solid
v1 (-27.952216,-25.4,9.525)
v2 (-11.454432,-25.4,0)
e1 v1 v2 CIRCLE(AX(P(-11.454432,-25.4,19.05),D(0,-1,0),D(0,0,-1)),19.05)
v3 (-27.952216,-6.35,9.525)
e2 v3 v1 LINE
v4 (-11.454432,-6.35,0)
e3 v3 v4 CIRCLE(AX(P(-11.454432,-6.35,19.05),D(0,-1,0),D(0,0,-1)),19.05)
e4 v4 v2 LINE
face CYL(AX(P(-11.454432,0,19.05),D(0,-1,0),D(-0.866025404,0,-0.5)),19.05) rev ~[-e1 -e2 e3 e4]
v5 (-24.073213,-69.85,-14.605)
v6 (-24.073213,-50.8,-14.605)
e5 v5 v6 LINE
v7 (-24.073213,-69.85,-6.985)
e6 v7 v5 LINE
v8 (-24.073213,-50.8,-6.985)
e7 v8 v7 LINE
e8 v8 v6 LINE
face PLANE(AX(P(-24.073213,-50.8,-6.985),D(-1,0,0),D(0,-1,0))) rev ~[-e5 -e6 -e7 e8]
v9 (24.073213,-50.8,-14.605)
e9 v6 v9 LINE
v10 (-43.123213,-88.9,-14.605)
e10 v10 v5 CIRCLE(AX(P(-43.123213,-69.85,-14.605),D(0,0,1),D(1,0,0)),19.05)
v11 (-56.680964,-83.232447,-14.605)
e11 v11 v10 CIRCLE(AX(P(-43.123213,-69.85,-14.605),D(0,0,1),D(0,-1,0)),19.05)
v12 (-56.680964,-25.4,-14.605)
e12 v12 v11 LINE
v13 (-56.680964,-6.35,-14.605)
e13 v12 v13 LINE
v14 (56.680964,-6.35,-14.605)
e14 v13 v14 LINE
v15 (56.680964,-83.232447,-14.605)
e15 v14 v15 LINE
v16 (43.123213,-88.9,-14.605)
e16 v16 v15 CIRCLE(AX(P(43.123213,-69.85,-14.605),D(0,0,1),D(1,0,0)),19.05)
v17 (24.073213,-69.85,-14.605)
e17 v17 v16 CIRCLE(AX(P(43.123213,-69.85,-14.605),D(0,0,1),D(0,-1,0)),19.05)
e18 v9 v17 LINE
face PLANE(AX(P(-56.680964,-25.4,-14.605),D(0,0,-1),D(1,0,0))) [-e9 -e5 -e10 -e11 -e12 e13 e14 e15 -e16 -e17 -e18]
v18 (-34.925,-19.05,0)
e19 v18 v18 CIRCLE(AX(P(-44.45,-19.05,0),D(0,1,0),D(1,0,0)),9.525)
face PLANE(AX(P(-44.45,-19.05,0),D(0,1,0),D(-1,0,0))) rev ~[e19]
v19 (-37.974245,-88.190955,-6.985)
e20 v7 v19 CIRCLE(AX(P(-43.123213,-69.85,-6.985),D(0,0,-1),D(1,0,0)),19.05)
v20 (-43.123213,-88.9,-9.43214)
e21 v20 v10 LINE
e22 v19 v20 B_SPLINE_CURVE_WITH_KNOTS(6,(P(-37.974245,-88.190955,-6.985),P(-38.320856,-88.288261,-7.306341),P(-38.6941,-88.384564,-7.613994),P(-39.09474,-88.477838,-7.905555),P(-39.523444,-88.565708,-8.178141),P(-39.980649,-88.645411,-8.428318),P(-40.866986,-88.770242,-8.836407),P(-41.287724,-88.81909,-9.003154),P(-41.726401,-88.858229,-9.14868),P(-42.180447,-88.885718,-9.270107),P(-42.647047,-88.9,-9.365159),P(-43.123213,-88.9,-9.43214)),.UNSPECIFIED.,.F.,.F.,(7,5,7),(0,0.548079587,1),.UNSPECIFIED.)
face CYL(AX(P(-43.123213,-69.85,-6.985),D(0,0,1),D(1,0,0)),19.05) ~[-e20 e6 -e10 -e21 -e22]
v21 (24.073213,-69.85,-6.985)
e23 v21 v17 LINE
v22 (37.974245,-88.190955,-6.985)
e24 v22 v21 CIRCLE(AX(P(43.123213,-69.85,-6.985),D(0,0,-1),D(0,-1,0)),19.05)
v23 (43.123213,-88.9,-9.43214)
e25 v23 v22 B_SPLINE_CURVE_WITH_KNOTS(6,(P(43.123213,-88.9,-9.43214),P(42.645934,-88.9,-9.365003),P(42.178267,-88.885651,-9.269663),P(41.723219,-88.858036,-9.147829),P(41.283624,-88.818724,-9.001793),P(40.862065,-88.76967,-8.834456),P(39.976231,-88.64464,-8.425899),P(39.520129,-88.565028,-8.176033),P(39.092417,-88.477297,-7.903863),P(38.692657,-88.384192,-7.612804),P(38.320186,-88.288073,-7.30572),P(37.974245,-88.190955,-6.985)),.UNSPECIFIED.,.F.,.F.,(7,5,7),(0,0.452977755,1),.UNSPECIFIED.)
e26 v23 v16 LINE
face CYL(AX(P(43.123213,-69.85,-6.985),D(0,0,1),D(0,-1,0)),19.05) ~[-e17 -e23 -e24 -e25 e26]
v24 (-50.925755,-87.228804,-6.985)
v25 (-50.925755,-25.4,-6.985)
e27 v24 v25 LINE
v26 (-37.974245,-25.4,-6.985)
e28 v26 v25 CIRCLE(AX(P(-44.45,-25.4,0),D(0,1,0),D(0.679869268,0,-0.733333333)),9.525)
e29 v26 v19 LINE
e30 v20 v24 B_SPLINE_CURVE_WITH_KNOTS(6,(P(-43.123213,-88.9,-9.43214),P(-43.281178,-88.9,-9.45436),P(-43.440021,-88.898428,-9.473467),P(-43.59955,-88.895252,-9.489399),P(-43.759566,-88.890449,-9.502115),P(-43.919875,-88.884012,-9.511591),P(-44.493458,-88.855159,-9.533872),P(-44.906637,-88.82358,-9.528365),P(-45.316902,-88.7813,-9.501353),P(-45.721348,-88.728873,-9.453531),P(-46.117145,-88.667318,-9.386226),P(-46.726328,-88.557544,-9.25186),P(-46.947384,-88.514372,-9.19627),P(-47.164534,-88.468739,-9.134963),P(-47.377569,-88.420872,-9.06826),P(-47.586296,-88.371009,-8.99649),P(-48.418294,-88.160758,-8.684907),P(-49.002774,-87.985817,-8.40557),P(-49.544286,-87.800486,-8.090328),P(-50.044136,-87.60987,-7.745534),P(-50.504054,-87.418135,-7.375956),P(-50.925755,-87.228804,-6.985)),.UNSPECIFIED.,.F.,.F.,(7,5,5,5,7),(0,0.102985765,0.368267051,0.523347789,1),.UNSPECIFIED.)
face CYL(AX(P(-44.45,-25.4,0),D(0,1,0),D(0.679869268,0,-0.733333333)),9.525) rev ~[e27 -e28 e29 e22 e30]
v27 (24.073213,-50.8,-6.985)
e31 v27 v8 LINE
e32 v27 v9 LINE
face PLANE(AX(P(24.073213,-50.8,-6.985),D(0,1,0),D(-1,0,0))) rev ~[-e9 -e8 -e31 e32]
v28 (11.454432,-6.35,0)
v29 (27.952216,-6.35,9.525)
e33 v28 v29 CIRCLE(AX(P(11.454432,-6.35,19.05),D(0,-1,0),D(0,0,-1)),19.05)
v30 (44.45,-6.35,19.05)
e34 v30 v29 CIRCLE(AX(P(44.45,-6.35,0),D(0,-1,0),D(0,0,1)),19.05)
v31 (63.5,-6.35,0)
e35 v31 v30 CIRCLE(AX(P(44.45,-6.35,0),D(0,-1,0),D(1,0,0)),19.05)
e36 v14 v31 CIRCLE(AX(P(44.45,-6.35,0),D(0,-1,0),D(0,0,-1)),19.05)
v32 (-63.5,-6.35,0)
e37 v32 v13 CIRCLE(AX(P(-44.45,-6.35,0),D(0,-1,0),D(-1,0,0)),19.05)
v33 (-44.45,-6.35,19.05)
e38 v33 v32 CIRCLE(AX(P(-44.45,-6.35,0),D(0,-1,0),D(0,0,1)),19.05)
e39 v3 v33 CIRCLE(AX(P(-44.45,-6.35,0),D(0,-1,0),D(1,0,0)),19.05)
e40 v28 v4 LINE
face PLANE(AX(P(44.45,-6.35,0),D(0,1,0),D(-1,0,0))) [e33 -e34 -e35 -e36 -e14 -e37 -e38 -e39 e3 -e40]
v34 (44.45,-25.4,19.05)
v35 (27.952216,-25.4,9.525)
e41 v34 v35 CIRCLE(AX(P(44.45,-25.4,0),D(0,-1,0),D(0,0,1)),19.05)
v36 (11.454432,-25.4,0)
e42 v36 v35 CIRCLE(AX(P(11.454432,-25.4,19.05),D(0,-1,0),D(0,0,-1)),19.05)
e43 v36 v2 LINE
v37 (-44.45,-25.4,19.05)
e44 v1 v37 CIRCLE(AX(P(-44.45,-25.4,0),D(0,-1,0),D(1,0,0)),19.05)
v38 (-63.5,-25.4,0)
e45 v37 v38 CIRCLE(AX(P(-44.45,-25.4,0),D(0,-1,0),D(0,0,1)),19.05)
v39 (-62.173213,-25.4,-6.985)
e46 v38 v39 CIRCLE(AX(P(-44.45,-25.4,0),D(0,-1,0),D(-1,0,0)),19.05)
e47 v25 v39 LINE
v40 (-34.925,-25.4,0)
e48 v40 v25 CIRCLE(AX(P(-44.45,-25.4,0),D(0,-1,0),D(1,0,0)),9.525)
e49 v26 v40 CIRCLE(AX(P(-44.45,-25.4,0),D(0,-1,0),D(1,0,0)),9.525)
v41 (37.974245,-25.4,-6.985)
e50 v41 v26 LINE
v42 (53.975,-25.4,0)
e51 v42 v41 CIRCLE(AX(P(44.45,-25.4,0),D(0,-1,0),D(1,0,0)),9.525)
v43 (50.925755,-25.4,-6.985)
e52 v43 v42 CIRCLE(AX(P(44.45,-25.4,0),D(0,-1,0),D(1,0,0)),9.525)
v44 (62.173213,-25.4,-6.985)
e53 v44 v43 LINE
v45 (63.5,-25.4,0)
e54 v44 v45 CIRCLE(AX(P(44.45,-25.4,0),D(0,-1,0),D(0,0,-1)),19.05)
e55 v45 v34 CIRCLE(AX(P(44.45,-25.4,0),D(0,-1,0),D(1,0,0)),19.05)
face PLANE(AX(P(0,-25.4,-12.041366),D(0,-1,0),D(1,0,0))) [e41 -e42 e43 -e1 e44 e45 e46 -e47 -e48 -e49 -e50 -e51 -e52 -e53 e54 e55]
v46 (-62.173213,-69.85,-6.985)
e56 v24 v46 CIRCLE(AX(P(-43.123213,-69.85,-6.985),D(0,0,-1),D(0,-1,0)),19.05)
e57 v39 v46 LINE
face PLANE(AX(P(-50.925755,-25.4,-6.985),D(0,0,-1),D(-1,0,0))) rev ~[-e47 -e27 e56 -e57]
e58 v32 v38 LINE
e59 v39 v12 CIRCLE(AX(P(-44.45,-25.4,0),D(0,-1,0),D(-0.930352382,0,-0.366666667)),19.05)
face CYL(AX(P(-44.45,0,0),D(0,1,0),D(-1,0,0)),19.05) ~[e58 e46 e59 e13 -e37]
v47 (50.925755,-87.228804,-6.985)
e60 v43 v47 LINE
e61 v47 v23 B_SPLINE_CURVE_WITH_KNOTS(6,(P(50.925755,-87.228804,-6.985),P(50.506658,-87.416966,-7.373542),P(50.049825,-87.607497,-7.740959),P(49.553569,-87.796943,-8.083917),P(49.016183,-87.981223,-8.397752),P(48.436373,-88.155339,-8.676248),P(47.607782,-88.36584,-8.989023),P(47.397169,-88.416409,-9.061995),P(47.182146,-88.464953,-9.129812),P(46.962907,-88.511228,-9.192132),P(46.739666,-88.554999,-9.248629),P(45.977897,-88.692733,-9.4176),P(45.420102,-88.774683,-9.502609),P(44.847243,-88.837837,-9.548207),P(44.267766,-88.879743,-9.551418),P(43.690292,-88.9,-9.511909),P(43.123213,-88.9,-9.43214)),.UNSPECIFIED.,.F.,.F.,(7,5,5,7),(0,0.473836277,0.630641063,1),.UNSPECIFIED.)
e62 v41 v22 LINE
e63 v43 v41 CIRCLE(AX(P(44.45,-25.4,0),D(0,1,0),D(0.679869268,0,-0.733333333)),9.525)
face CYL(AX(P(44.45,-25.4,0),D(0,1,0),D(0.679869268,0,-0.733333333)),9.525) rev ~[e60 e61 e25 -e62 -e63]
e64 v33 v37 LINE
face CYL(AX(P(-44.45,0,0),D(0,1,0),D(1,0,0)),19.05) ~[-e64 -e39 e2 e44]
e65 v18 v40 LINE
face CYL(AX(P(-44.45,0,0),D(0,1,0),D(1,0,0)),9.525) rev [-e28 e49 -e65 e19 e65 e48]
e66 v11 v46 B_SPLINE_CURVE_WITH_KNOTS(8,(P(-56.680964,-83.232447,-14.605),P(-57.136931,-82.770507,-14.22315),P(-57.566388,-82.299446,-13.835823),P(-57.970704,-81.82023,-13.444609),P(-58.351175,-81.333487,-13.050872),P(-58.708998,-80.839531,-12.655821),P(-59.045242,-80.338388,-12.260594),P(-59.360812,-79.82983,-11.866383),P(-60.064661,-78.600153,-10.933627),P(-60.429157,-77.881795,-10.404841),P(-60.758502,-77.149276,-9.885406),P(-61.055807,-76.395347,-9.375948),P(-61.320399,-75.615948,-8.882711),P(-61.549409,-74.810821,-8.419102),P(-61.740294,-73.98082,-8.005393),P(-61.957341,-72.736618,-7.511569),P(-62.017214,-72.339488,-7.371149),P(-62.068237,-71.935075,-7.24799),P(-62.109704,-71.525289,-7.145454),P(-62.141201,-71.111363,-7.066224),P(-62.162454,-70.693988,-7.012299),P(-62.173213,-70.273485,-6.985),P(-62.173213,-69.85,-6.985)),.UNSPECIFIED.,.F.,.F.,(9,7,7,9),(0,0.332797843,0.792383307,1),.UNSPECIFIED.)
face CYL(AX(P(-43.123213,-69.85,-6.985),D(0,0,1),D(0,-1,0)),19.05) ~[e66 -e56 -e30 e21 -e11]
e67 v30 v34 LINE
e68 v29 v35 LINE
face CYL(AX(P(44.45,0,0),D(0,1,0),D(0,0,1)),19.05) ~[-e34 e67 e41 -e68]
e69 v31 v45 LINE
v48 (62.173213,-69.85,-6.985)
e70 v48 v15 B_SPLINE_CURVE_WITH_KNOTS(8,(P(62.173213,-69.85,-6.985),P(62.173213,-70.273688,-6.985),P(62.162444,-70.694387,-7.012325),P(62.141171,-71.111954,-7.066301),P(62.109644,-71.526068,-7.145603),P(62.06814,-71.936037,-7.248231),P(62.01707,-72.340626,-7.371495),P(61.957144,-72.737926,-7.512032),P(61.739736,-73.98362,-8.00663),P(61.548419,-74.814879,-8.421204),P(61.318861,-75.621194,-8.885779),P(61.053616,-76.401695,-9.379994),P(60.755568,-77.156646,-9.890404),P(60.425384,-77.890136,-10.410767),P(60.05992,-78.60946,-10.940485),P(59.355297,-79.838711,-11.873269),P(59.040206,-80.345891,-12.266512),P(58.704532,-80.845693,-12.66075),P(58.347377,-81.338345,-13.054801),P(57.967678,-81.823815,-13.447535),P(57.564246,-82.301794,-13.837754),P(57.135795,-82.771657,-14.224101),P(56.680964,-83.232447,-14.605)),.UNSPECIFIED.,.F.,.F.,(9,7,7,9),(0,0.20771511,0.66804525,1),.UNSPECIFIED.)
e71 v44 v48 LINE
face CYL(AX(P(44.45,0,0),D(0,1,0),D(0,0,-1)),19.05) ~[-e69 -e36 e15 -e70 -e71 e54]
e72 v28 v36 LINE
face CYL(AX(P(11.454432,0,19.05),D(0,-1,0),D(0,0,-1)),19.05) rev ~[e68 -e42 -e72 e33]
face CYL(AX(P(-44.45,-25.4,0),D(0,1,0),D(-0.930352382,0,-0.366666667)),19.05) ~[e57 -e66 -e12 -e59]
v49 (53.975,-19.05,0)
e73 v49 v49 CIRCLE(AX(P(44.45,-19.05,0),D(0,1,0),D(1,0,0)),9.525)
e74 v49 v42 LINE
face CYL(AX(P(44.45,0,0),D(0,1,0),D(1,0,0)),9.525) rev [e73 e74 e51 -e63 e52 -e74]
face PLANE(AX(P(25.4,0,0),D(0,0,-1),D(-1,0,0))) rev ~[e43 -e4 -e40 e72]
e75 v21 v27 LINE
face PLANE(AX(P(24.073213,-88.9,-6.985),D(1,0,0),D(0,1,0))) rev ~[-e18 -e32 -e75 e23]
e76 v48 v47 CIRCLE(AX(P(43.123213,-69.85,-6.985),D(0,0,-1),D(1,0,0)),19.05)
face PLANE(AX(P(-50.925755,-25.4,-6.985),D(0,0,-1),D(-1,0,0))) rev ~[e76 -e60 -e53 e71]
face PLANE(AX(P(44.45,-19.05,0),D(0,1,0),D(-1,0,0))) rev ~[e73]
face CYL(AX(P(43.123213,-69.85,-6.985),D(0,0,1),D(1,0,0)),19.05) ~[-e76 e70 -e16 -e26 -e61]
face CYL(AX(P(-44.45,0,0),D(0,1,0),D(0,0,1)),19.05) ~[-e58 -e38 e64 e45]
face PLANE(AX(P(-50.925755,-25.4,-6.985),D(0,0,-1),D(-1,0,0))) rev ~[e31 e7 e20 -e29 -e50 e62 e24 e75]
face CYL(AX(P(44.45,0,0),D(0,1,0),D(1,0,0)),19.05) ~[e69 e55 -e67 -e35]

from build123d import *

# Parameters (mm, degrees)
F0_R      = 9.525
F1_DEPTH  = 25.4
F3_DEPTH  = 63.5
F4_DEPTH  = 46.228
F5_R      = 19.05
F6_R      = 9.525
F7_DEPTH  = 19.05
F8_DEPTH  = 6.35
F10_DEPTH = 25.4
F11_W     = 17.3040702939
F11_H     = 4.6345468581
F12_DEPTH = 12.7
F13_W     = 23.2714904292
F13_H     = 5.4139880085
F14_DEPTH = 12.7
F16_DEPTH = 25.4
F17_DEPTH = 25.4


with BuildPart() as f1:
    # F0 (on Front) → F1 (new body)
    with BuildSketch(Plane.XZ):
        with BuildLine():
            Line((-44.45, -19.05), (44.45, -19.05))
            ThreePointArc((44.45, -19.05), (30.9796158184, -13.4703841816), (25.4, 0))
            Line((25.4, 0), (-25.4, 0))
            ThreePointArc((-25.4, 0), (-30.9796158184, -13.4703841816), (-44.45, -19.05))
        make_face()
        with BuildLine():
            ThreePointArc((-63.5, 0), (-57.9203841816, -13.4703841816), (-44.45, -19.05))
            ThreePointArc((-44.45, -19.05), (-30.9796158184, -13.4703841816), (-25.4, 0))
            ThreePointArc((-25.4, 0), (-30.9796158184, 13.4703841816), (-44.45, 19.05))
            ThreePointArc((-44.45, 19.05), (-57.9203841816, 13.4703841816), (-63.5, 0))
        make_face()
        with Locations((-44.45, 0)):
            Circle(F0_R, mode=Mode.SUBTRACT)
        with BuildLine():
            ThreePointArc((25.4, 0), (30.9796158184, -13.4703841816), (44.45, -19.05))
            ThreePointArc((44.45, -19.05), (57.9203841816, -13.4703841816), (63.5, 0))
            ThreePointArc((63.5, 0), (57.9203841816, 13.4703841816), (44.45, 19.05))
            ThreePointArc((44.45, 19.05), (30.9796158184, 13.4703841816), (25.4, 0))
        make_face()
        with Locations((44.45, 0)):
            Circle(F0_R, mode=Mode.SUBTRACT)
    extrude(amount=F1_DEPTH)

    # F2 (on face) → F3 (join)
    with BuildSketch(Plane.XZ.offset(25.4)):
        with BuildLine():
            Line((-50.9257547823, -6.985), (-62.1732128859, -6.985))
            ThreePointArc((-62.1732128859, -6.985), (-59.9041022043, -11.1388161426), (-56.6809637805, -14.605))
            Line((-56.6809637805, -14.605), (56.6809637805, -14.605))
            ThreePointArc((56.6809637805, -14.605), (59.9041022043, -11.1388161426), (62.1732128859, -6.985))
            Line((62.1732128859, -6.985), (50.9257547823, -6.985))
            ThreePointArc((50.9257547823, -6.985), (44.45, -9.525), (37.9742452177, -6.985))
            Line((37.9742452177, -6.985), (-37.9742452177, -6.985))
            ThreePointArc((-37.9742452177, -6.985), (-44.45, -9.525), (-50.9257547823, -6.985))
        make_face()
    extrude(amount=F3_DEPTH)

    # F4 (cut): a face of the model
    f4_faces = [f1.faces().sort_by_distance(p)[0] for p in [
        (0, -25.4, -16.7601163622),
    ]]
    extrude(f4_faces, amount=-F4_DEPTH, mode=Mode.SUBTRACT)

    # F5
    f5_edges = [f1.edges().sort_by_distance(p)[0] for p in [
        (-25.4, -12.7, 0),
        (25.4, -12.7, 0),
    ]]
    fillet(f5_edges, radius=F5_R)

    # F6 (on face) → F7 (join)
    with BuildSketch(Plane(origin=(0, 0, 0), x_dir=(-1, 0, 0), z_dir=(0, 1, 0))):
        with Locations((-44.45, 0)):
            Circle(F6_R)
        with Locations((44.45, 0)):
            Circle(F6_R)
    extrude(amount=-F7_DEPTH)

    # F8 (cut): a face of the model
    f8_faces = [f1.faces().sort_by_distance(p)[0] for p in [
        (0, 0, -1.1785637601),
    ]]
    extrude(f8_faces, amount=-F8_DEPTH, mode=Mode.SUBTRACT)

    # F9 (on face) → F10 (cut)
    with BuildSketch(Plane.XY.offset(-6.985)):
        Polygon((24.0732128859, -69.85), (24.0732128859, -50.8), (-24.0732128859, -50.8), (-24.0732128859, -69.85), (-24.0732128859, -88.9), (24.0732128859, -88.9), align=None)
    extrude(amount=-F10_DEPTH, mode=Mode.SUBTRACT)

    # F11 (on face) → F12 (join)
    with BuildSketch(Plane.XZ.offset(88.9)):
        with Locations((-43.290130794, -9.3022734291)):
            Rectangle(F11_W, F11_H)
    extrude(amount=-F12_DEPTH)

    # F13 (on face) → F14 (join)
    with BuildSketch(Plane.XZ.offset(88.9)):
        with Locations((42.6594742664, -9.6919940042)):
            Rectangle(F13_W, F13_H)
    extrude(amount=-F14_DEPTH)

    # F15 (on face) → F16 (cut)
    with BuildSketch(Plane.XY.offset(-6.985)):
        with BuildLine():
            Line((62.1732128859, -88.9), (62.1732128859, -69.85))
            ThreePointArc((62.1732128859, -69.85), (56.5935970675, -83.3203841816), (43.1232128859, -88.9))
            Line((43.1232128859, -88.9), (50.9257547823, -88.9))
            Line((50.9257547823, -88.9), (54.295219481, -88.9))
            Line((54.295219481, -88.9), (62.1732128859, -88.9))
        make_face()
        with BuildLine():
            Line((37.9742452177, -88.9), (43.1232128859, -88.9))
            ThreePointArc((43.1232128859, -88.9), (29.6528287043, -83.3203841816), (24.0732128859, -69.85))
            Line((24.0732128859, -69.85), (24.0732128859, -88.9))
            Line((24.0732128859, -88.9), (31.0237290518, -88.9))
            Line((31.0237290518, -88.9), (37.9742452177, -88.9))
        make_face()
        with BuildLine():
            Line((-24.0732128859, -88.9), (-24.0732128859, -69.85))
            ThreePointArc((-24.0732128859, -69.85), (-29.6528287043, -83.3203841816), (-43.1232128859, -88.9))
            Line((-43.1232128859, -88.9), (-37.9742452177, -88.9))
            Line((-37.9742452177, -88.9), (-34.6380956471, -88.9))
            Line((-34.6380956471, -88.9), (-24.0732128859, -88.9))
        make_face()
        with BuildLine():
            Line((-50.9257547823, -88.9), (-43.1232128859, -88.9))
            ThreePointArc((-43.1232128859, -88.9), (-56.5935970675, -83.3203841816), (-62.1732128859, -69.85))
            Line((-62.1732128859, -69.85), (-62.1732128859, -88.9))
            Line((-62.1732128859, -88.9), (-51.942165941, -88.9))
            Line((-51.942165941, -88.9), (-50.9257547823, -88.9))
        make_face()
    extrude(amount=-F16_DEPTH, mode=Mode.SUBTRACT)

    # F17 (cut): faces of the model
    f17_faces = [f1.faces().sort_by_distance(p)[0] for p in [
        (44.45, -76.2, -8.0135872996),
        (-44.45, -76.2, -8.0135872996),
    ]]
    extrude(f17_faces, amount=-F17_DEPTH, mode=Mode.SUBTRACT)


solid = f1.part
